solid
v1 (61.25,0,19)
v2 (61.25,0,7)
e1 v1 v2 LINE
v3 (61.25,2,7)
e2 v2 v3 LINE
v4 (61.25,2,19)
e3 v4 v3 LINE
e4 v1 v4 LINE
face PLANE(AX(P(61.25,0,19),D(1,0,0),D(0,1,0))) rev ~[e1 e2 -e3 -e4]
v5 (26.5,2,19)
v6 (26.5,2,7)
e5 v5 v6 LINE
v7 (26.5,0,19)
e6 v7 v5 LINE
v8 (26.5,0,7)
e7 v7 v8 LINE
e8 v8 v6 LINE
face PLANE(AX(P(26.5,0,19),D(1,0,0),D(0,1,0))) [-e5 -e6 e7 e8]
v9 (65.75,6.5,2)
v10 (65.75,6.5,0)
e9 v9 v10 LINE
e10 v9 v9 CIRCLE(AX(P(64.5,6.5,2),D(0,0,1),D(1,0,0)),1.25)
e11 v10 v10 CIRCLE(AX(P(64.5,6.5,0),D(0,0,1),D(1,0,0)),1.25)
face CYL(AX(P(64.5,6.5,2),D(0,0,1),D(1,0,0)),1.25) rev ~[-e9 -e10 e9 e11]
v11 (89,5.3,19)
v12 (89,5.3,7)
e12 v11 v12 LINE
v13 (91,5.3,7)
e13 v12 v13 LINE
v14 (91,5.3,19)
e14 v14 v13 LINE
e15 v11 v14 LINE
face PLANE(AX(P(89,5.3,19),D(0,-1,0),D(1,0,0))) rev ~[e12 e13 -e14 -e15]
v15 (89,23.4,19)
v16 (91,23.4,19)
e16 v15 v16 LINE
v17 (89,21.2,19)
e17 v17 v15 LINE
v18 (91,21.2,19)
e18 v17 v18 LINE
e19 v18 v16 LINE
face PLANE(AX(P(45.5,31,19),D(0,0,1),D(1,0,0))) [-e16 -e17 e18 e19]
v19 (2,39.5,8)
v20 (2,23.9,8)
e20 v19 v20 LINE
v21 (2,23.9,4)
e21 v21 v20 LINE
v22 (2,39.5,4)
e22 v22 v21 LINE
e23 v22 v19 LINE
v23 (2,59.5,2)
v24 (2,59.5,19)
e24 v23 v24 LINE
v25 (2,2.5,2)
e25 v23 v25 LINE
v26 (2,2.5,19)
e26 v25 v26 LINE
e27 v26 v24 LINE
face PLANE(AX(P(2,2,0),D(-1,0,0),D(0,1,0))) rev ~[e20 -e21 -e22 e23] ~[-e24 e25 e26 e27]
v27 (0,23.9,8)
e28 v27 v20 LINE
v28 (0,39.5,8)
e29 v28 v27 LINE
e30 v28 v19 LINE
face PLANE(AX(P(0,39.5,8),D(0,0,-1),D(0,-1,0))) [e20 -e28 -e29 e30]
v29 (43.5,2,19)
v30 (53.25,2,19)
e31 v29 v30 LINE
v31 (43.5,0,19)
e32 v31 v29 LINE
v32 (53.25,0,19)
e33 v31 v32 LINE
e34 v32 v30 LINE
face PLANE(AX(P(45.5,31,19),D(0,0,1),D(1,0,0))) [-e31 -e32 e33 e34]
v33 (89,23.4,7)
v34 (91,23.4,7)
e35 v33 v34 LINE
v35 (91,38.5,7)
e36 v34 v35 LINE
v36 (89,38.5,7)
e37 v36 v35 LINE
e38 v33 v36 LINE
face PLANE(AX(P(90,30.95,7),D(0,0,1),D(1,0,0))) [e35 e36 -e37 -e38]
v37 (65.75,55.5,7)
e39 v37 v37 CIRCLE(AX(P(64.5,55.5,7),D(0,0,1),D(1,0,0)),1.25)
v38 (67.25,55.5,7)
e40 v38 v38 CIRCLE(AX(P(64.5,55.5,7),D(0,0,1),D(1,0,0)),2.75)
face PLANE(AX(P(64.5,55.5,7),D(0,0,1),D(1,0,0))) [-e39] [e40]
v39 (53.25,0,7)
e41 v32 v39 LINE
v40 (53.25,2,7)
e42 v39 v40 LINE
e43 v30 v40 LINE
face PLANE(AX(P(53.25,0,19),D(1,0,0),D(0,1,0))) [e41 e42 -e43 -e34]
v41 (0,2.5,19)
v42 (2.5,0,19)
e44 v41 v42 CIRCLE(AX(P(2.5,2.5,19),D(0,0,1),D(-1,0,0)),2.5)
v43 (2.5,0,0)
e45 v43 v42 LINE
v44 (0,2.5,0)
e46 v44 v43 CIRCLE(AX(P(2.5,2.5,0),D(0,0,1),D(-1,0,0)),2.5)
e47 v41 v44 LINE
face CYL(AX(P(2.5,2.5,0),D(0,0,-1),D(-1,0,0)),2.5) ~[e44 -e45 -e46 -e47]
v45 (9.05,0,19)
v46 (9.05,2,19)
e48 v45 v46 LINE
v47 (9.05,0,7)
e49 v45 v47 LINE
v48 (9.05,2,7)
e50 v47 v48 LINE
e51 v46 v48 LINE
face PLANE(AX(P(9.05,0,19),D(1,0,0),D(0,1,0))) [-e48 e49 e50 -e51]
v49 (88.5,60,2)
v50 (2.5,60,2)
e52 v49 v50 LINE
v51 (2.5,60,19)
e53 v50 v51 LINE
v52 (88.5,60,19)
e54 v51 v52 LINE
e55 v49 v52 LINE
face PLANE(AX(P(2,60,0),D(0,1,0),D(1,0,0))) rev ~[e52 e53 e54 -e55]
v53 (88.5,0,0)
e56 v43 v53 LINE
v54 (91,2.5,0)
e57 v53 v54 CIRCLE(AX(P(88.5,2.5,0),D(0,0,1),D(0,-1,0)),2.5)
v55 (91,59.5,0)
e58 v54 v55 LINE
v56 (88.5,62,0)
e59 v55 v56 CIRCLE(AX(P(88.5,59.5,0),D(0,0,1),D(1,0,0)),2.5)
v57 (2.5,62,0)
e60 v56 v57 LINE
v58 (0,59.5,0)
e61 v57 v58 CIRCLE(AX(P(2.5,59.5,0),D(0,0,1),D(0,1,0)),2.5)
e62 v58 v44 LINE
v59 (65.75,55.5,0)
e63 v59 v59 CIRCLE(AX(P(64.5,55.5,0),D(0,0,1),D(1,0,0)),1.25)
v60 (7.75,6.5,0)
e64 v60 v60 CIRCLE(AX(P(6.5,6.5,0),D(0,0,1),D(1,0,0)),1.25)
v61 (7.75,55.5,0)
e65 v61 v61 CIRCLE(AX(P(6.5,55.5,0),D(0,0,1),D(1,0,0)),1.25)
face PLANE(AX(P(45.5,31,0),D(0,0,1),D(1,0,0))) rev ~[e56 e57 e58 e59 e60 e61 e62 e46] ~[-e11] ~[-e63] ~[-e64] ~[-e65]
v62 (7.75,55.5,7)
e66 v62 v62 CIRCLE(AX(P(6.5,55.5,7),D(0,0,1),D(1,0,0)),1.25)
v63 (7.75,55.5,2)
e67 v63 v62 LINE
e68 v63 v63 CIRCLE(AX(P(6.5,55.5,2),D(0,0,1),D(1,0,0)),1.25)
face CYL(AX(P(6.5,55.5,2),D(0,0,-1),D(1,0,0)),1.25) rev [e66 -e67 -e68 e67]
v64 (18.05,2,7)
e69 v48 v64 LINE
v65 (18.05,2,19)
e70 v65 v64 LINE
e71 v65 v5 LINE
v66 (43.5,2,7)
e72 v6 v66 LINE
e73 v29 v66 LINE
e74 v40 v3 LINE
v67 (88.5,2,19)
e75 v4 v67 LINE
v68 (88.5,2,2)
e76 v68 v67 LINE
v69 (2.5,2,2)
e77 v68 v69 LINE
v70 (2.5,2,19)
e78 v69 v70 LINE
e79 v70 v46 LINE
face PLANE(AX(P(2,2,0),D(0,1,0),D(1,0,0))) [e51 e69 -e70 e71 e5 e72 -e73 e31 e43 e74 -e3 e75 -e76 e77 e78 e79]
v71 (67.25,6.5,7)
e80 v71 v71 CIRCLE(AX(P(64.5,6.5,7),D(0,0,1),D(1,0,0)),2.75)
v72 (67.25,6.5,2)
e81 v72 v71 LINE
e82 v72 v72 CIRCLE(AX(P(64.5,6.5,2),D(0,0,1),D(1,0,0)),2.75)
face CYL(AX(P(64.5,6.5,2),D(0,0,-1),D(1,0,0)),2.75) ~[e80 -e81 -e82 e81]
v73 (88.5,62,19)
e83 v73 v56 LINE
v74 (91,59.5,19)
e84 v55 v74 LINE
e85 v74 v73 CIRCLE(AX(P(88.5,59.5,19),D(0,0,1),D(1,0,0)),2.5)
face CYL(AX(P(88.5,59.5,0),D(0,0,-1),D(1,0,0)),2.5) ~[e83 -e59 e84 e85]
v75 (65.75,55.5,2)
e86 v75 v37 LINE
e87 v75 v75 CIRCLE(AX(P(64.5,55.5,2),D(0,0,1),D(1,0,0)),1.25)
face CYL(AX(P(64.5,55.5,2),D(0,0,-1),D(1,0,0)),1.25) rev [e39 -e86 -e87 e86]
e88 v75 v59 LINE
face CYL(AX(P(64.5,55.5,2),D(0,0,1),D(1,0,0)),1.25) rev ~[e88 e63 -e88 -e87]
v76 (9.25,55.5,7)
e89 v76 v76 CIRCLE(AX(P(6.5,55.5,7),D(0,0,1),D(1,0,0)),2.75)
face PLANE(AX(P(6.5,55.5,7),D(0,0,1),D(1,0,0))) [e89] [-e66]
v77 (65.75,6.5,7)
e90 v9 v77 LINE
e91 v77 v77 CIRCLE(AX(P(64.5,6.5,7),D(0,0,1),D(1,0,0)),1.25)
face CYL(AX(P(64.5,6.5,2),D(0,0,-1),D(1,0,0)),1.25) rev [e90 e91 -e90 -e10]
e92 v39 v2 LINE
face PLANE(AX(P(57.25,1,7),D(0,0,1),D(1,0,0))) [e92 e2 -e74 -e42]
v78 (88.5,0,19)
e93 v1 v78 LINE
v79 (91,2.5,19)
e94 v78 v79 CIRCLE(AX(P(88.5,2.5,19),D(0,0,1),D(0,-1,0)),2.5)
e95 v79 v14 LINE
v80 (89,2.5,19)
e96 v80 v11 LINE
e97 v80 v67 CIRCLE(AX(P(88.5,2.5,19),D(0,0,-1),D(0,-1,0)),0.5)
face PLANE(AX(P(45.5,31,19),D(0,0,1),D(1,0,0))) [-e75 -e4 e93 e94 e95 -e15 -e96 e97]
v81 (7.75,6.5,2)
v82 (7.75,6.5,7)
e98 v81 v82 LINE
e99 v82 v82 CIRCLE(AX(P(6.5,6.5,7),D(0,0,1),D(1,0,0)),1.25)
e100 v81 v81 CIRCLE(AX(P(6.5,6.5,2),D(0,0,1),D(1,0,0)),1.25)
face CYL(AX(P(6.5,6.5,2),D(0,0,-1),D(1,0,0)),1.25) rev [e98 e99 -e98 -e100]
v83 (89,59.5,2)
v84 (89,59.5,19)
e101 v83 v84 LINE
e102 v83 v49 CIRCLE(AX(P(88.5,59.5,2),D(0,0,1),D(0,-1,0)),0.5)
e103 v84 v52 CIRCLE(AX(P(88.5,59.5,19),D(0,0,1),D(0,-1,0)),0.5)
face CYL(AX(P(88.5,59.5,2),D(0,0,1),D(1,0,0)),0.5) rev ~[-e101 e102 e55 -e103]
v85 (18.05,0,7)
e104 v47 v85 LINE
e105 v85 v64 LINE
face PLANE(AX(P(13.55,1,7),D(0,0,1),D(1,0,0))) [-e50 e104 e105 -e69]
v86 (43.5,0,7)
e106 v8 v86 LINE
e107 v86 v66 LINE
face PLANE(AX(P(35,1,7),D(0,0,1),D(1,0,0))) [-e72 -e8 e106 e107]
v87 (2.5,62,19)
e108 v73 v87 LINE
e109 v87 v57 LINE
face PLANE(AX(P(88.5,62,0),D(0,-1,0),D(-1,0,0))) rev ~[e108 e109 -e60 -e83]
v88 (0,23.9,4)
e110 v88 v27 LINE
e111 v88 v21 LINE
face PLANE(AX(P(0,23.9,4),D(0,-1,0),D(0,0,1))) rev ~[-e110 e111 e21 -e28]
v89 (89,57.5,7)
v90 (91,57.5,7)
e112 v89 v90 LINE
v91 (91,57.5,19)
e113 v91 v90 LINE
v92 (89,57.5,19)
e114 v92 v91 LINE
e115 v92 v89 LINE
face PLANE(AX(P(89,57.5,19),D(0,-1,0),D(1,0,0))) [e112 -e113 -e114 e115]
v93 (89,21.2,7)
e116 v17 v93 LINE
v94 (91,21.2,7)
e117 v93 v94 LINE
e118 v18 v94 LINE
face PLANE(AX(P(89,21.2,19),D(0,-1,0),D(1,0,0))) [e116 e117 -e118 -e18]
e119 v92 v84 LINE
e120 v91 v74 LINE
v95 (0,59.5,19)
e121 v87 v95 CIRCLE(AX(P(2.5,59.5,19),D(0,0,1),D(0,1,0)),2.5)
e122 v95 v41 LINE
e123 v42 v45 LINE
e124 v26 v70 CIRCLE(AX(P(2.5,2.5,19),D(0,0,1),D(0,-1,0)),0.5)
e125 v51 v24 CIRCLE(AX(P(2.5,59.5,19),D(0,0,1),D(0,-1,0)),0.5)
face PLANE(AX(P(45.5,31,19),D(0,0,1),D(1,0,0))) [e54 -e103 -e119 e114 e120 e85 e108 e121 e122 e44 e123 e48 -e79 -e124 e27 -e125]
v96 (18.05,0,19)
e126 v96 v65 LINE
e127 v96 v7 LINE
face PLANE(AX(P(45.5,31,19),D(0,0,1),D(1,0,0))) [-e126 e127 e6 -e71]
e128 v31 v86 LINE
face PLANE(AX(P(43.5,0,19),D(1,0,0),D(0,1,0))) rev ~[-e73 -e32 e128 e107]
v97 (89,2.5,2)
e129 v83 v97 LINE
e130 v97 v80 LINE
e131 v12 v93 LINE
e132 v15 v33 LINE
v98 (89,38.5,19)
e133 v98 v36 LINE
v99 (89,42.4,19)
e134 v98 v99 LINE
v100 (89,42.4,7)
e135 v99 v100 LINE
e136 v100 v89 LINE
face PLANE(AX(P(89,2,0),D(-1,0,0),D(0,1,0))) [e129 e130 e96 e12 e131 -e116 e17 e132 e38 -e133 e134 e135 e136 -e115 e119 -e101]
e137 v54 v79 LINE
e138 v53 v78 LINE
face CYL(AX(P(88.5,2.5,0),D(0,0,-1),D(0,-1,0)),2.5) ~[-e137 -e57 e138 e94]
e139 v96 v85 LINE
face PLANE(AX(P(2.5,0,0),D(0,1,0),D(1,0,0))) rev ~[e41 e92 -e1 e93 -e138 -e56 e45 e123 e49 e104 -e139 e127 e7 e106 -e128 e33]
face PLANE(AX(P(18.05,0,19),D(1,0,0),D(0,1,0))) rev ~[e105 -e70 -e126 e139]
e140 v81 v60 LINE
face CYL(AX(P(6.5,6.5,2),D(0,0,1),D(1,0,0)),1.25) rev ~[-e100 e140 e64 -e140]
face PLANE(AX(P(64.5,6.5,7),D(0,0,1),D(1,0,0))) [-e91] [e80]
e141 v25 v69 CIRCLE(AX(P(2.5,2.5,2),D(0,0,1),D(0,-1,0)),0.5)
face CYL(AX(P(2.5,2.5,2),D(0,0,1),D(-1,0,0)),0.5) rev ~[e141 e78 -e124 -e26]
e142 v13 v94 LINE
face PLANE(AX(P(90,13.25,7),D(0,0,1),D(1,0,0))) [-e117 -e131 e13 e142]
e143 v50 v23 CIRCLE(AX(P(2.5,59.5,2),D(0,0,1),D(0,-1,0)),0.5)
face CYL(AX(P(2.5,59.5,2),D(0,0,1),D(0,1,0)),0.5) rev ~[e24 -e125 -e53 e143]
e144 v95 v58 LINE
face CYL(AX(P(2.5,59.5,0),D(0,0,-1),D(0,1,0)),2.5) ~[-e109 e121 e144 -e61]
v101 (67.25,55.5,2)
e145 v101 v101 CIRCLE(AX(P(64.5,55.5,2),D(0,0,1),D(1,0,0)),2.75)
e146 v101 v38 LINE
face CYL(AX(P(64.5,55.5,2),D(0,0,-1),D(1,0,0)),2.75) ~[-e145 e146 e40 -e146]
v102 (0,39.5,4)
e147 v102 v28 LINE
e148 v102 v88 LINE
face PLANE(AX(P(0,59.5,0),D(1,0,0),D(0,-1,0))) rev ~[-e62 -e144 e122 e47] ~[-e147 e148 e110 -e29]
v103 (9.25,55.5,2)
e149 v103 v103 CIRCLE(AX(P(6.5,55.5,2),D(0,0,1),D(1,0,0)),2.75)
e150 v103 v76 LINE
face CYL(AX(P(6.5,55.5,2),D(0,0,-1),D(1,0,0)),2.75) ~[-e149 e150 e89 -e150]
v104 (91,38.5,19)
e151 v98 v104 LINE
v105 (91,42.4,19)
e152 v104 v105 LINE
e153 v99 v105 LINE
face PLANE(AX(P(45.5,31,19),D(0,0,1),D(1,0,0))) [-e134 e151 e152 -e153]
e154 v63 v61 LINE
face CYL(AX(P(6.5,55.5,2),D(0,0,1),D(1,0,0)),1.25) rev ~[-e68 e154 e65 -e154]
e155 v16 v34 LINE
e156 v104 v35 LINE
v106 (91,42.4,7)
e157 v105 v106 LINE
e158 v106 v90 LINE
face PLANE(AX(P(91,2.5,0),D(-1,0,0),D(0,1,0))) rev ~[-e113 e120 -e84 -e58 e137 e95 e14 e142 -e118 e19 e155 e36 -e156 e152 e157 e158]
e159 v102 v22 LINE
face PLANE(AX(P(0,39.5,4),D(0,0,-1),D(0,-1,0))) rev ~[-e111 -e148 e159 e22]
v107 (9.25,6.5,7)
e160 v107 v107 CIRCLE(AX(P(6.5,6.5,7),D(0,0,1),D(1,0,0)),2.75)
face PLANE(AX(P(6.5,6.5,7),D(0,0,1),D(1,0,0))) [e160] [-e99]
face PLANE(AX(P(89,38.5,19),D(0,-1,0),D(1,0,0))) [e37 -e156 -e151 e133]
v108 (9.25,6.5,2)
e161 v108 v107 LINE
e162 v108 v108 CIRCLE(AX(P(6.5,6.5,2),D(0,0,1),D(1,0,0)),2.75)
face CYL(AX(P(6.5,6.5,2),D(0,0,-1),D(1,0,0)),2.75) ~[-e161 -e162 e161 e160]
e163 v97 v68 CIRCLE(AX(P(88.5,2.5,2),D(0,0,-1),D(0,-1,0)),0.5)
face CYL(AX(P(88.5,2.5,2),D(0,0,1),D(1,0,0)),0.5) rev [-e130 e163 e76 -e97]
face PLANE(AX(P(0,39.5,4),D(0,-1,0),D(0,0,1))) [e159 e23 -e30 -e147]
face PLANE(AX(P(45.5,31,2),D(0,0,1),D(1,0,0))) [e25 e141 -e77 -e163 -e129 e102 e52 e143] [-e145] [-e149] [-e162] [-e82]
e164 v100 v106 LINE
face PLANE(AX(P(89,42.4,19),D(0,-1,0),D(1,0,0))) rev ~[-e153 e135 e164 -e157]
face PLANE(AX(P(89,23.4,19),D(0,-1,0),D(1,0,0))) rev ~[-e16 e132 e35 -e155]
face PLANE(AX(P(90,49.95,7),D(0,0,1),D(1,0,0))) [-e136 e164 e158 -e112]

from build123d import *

# Parameters (mm, degrees)
F0_W      = 87
F0_H      = 58
F1_DEPTH  = 2
F2_DEPTH  = 19
F3_R      = 2.75
F3_R_2    = 1.25
F4_DEPTH  = 5
F5_W      = 9
F5_H      = 2
F5_W_2    = 17
F5_W_3    = 8
F5_W_4    = 2
F5_H_2    = 15.9
F5_H_3    = 15.1
F6_DEPTH  = 12
F7_W      = 15.6
F7_H      = 4
F8_DEPTH  = 5
F9_R      = 0.5
F10_DEPTH = 2


with BuildPart() as f1:
    # F0 (on Top) → F1 (new body)
    with BuildSketch(Plane.XY):
        with BuildLine():
            ThreePointArc((0, 2.5), (0.732233047, 0.732233047), (2.5, 0))
            Line((2.5, 0), (88.5, 0))
            ThreePointArc((88.5, 0), (90.267766953, 0.732233047), (91, 2.5))
            Line((91, 2.5), (91, 59.5))
            ThreePointArc((91, 59.5), (90.267766953, 61.267766953), (88.5, 62))
            Line((88.5, 62), (2.5, 62))
            ThreePointArc((2.5, 62), (0.732233047, 61.267766953), (0, 59.5))
            Line((0, 59.5), (0, 2.5))
        make_face()
        with Locations((45.5, 31)):
            Rectangle(F0_W, F0_H, mode=Mode.SUBTRACT)
        with Locations((45.5, 31)):
            Rectangle(F0_W, F0_H)
    extrude(amount=F1_DEPTH)

    # F0 (on Top) → F2 (join)
    with BuildSketch(Plane.XY):
        with BuildLine():
            ThreePointArc((0, 2.5), (0.732233047, 0.732233047), (2.5, 0))
            Line((2.5, 0), (88.5, 0))
            ThreePointArc((88.5, 0), (90.267766953, 0.732233047), (91, 2.5))
            Line((91, 2.5), (91, 59.5))
            ThreePointArc((91, 59.5), (90.267766953, 61.267766953), (88.5, 62))
            Line((88.5, 62), (2.5, 62))
            ThreePointArc((2.5, 62), (0.732233047, 61.267766953), (0, 59.5))
            Line((0, 59.5), (0, 2.5))
        make_face()
        with Locations((45.5, 31)):
            Rectangle(F0_W, F0_H, mode=Mode.SUBTRACT)
    extrude(amount=F2_DEPTH)

    # F3 (on face) → F4 (join)
    with BuildSketch(Plane.XY.offset(2)):
        with Locations((6.5, 55.5)):
            Circle(F3_R)
        with Locations((6.5, 55.5)):
            Circle(F3_R_2, mode=Mode.SUBTRACT)
        with Locations((64.5, 6.5)):
            Circle(F3_R)
        with Locations((64.5, 6.5)):
            Circle(F3_R_2, mode=Mode.SUBTRACT)
        with Locations((6.5, 6.5)):
            Circle(F3_R)
        with Locations((6.5, 6.5)):
            Circle(F3_R_2, mode=Mode.SUBTRACT)
        with Locations((64.5, 55.5)):
            Circle(F3_R)
        with Locations((64.5, 55.5)):
            Circle(F3_R_2, mode=Mode.SUBTRACT)
    extrude(amount=F4_DEPTH)

    # F5 (on face) → F6 (cut)
    with BuildSketch(Plane.XY.offset(19)):
        with Locations((13.55, 1)):
            Rectangle(F5_W, F5_H)
        with Locations((35, 1)):
            Rectangle(F5_W_2, F5_H)
        with Locations((57.25, 1)):
            Rectangle(F5_W_3, F5_H)
        with Locations((90, 13.25)):
            Rectangle(F5_W_4, F5_H_2)
        with Locations((90, 30.95)):
            Rectangle(F5_W_4, F5_H_3)
        with Locations((90, 49.95)):
            Rectangle(F5_W_4, F5_H_3)
    extrude(amount=-F6_DEPTH, mode=Mode.SUBTRACT)

    # F7 (on face) → F8 (cut)
    with BuildSketch(Plane(origin=(0, 0, 0), x_dir=(0, -1, 0), z_dir=(-1, 0, 0))):
        with Locations((-31.7, 6)):
            Rectangle(F7_W, F7_H)
    extrude(amount=-F8_DEPTH, mode=Mode.SUBTRACT)

    # F9
    f9_edges = [f1.edges().sort_by_distance(p)[0] for p in [
        (2, 60, 10.5),
        (89, 60, 10.5),
        (2, 2, 10.5),
        (89, 2, 10.5),
    ]]
    fillet(f9_edges, radius=F9_R)

    # F10 (cut, through all): faces of the model
    f10_faces = [f1.faces().sort_by_distance(p)[0] for p in [
        (6.5, 55.5, 2),
        (64.5, 55.5, 2),
        (64.5, 6.5, 2),
        (6.5, 6.5, 2),
    ]]
    extrude(f10_faces, amount=-F10_DEPTH, mode=Mode.SUBTRACT)


solid = f1.part
